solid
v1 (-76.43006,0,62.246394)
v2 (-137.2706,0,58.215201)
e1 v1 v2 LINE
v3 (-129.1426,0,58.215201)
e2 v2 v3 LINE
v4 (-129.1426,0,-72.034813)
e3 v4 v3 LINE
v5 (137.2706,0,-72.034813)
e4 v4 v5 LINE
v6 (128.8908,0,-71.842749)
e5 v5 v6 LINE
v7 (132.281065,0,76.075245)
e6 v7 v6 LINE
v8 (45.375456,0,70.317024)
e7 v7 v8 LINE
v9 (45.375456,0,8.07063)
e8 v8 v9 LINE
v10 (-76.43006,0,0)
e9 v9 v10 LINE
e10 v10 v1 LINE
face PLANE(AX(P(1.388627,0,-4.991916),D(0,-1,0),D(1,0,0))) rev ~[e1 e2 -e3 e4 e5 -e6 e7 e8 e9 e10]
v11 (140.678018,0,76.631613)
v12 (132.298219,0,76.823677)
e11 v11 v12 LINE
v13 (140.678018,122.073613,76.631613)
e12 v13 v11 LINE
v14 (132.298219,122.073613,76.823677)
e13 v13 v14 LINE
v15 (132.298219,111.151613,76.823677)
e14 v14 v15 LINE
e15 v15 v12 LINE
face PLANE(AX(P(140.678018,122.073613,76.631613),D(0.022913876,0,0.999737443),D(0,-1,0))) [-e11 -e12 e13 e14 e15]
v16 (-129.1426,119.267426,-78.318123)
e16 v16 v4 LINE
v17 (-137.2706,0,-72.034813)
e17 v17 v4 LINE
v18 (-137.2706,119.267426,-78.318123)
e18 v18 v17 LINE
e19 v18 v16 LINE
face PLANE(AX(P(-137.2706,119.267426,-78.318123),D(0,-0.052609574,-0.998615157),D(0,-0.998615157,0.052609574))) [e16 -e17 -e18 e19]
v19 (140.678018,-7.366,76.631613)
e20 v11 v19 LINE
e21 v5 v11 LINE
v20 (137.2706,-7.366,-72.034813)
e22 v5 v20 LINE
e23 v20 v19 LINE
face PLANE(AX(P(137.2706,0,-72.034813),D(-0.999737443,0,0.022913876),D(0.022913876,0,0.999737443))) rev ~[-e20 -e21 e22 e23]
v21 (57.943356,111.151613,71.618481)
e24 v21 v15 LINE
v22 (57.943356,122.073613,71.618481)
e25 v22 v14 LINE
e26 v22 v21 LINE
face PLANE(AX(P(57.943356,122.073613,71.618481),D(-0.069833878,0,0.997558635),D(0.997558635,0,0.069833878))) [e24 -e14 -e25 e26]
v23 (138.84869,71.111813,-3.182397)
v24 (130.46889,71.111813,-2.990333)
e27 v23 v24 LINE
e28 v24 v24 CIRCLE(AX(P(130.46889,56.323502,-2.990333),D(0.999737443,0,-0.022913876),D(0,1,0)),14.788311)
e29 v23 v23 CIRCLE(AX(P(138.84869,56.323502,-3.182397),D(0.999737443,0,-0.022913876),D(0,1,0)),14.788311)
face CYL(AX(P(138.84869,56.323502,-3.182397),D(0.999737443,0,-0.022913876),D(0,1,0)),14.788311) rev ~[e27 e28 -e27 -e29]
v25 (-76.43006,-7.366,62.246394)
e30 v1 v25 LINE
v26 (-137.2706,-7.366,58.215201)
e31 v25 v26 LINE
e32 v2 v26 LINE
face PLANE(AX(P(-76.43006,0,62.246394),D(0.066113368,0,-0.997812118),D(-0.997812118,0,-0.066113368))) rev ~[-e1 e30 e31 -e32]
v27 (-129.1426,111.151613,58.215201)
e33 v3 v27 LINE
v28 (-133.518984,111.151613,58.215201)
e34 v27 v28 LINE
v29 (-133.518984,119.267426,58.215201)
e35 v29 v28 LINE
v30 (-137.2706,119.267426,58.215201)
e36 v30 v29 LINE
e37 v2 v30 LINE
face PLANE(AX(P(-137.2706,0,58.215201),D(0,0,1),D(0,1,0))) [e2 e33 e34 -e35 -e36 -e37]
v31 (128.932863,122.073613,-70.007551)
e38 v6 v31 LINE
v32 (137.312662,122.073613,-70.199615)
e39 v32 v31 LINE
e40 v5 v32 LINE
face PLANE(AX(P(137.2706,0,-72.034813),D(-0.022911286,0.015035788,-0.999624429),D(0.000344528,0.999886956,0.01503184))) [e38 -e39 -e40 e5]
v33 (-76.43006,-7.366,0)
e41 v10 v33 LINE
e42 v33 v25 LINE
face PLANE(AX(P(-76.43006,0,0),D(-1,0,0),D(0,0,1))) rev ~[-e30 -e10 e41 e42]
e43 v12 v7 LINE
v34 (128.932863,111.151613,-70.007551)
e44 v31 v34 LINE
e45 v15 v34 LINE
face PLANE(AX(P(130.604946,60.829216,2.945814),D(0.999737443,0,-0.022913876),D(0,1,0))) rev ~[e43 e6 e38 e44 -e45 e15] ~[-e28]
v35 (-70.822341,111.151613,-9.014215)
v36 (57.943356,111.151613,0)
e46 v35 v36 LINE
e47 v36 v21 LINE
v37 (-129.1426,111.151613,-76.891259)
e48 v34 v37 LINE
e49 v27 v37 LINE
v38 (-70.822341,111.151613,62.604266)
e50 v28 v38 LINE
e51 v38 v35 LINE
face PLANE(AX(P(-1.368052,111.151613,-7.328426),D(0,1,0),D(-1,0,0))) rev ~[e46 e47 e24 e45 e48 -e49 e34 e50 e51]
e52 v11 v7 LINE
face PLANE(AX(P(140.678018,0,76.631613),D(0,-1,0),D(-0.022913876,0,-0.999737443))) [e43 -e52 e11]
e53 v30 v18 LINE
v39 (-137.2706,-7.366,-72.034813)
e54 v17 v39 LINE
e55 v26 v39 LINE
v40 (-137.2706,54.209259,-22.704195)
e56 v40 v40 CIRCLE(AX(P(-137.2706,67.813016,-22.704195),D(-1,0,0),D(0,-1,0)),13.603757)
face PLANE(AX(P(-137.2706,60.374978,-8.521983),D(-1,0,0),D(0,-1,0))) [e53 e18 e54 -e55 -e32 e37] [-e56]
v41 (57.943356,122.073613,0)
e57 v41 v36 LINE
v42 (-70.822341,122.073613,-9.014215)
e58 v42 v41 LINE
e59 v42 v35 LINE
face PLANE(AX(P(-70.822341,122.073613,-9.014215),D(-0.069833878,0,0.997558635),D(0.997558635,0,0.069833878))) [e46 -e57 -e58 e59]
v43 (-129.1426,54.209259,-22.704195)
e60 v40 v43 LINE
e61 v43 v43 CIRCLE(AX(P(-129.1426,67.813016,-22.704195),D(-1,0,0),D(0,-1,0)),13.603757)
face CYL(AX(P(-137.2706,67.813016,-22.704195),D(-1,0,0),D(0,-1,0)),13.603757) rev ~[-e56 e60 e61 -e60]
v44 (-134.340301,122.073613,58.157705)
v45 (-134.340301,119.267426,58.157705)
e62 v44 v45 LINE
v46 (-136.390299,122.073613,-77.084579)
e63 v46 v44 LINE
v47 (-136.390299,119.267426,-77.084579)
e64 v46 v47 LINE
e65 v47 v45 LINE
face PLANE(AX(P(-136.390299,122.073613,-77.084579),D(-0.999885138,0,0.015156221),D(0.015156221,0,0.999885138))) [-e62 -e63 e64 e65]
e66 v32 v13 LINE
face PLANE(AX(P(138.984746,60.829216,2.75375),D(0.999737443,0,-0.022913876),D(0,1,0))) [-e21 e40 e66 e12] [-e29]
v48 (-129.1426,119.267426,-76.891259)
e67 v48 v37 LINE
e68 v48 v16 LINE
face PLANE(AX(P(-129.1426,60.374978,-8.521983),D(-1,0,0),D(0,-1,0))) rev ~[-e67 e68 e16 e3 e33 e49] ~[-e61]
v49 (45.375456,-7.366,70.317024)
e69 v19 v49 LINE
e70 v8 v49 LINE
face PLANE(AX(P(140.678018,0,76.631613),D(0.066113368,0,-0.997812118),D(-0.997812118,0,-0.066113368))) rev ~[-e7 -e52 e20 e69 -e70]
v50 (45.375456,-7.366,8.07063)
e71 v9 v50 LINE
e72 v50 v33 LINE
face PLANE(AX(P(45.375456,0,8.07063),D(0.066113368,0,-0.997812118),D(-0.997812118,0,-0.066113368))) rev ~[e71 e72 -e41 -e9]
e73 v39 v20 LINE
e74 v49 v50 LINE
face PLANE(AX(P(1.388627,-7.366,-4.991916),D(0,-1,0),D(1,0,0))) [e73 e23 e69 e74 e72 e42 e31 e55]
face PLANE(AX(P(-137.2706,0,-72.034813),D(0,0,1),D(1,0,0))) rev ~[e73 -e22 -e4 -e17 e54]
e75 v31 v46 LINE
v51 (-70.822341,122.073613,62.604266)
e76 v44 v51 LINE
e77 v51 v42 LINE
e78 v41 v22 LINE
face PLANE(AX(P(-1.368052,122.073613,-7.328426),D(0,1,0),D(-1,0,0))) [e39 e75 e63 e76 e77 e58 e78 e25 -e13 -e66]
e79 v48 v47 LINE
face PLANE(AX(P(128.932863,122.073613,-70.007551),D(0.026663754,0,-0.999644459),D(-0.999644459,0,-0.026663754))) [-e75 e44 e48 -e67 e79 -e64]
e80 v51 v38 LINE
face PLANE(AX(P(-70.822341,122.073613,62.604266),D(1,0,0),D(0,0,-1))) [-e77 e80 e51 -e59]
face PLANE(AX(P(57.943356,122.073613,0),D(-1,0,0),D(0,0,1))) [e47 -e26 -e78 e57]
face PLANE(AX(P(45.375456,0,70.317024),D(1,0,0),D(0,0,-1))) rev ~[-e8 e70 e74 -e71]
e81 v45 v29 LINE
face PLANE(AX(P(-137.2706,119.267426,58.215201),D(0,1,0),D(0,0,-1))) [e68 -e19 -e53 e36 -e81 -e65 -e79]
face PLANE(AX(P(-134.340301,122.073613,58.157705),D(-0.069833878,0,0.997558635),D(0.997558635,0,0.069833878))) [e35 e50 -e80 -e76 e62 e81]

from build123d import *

# Parameters (mm, degrees)
F1_DEPTH = 7.366
F2_R     = 14.7883109898
F4_DEPTH = 8.382
F3_R     = 13.603757009
F5_DEPTH = 8.128
F7_DEPTH = 10.922


with BuildPart() as f1:
    # F0 (on Front) → F1 (new body)
    with BuildSketch(Plane.XZ):
        Polygon((-76.4300598123, 62.2463936663), (-137.2705996037, 58.215200901), (-137.2705996037, -72.0348134637), (137.2705996037, -72.0348134637), (140.6780183315, 76.6316130757), (45.3754555261, 70.3170241025), (45.3754555261, 8.0706304363), (-76.4300598123, 0), align=None)
    extrude(amount=F1_DEPTH)

    # F2 (on face) → F4 (join)
    with BuildSketch(Plane(origin=(138.8486896806, 0, -3.1823972404), x_dir=(0, 1, 0), z_dir=(0.9997374427, 0, -0.0229138761))):
        Polygon((122.0736131072, 79.834971573), (0, 79.834971573), (0, -68.8704986774), (122.0736131072, -67.0348182321), align=None)
        with Locations((56.3235022128, 0)):
            Circle(F2_R, mode=Mode.SUBTRACT)
    extrude(amount=-F4_DEPTH)

    # F3 (on face) → F5 (join)
    with BuildSketch(Plane(origin=(-137.2705996037, 0, 0), x_dir=(0, -1, 0), z_dir=(-1, 0, 0))):
        Polygon((0, -72.0348134637), (0, 58.215200901), (-119.2674264312, 58.215200901), (-119.2674264312, -78.3181233552), align=None)
        with Locations((-67.8130164742, -22.7041952312)):
            Circle(F3_R, mode=Mode.SUBTRACT)
    extrude(amount=-F5_DEPTH)

    # F6 (on face) → F7 (join)
    with BuildSketch(Plane(origin=(0, 122.0736131072, 0), x_dir=(-1, 0, 0), z_dir=(0, 1, 0))):
        Polygon((-132.2982190871, 76.8236771856), (-128.9328629136, -70.0075508798), (136.390298605, -77.0845785737), (134.340301156, 58.1577047706), (70.8223407273, 62.6042659656), (70.8223407273, -9.0142149687), (-57.9433558552, 0), (-57.9433558552, 71.6184809343), align=None)
    extrude(amount=-F7_DEPTH)


solid = f1.part
